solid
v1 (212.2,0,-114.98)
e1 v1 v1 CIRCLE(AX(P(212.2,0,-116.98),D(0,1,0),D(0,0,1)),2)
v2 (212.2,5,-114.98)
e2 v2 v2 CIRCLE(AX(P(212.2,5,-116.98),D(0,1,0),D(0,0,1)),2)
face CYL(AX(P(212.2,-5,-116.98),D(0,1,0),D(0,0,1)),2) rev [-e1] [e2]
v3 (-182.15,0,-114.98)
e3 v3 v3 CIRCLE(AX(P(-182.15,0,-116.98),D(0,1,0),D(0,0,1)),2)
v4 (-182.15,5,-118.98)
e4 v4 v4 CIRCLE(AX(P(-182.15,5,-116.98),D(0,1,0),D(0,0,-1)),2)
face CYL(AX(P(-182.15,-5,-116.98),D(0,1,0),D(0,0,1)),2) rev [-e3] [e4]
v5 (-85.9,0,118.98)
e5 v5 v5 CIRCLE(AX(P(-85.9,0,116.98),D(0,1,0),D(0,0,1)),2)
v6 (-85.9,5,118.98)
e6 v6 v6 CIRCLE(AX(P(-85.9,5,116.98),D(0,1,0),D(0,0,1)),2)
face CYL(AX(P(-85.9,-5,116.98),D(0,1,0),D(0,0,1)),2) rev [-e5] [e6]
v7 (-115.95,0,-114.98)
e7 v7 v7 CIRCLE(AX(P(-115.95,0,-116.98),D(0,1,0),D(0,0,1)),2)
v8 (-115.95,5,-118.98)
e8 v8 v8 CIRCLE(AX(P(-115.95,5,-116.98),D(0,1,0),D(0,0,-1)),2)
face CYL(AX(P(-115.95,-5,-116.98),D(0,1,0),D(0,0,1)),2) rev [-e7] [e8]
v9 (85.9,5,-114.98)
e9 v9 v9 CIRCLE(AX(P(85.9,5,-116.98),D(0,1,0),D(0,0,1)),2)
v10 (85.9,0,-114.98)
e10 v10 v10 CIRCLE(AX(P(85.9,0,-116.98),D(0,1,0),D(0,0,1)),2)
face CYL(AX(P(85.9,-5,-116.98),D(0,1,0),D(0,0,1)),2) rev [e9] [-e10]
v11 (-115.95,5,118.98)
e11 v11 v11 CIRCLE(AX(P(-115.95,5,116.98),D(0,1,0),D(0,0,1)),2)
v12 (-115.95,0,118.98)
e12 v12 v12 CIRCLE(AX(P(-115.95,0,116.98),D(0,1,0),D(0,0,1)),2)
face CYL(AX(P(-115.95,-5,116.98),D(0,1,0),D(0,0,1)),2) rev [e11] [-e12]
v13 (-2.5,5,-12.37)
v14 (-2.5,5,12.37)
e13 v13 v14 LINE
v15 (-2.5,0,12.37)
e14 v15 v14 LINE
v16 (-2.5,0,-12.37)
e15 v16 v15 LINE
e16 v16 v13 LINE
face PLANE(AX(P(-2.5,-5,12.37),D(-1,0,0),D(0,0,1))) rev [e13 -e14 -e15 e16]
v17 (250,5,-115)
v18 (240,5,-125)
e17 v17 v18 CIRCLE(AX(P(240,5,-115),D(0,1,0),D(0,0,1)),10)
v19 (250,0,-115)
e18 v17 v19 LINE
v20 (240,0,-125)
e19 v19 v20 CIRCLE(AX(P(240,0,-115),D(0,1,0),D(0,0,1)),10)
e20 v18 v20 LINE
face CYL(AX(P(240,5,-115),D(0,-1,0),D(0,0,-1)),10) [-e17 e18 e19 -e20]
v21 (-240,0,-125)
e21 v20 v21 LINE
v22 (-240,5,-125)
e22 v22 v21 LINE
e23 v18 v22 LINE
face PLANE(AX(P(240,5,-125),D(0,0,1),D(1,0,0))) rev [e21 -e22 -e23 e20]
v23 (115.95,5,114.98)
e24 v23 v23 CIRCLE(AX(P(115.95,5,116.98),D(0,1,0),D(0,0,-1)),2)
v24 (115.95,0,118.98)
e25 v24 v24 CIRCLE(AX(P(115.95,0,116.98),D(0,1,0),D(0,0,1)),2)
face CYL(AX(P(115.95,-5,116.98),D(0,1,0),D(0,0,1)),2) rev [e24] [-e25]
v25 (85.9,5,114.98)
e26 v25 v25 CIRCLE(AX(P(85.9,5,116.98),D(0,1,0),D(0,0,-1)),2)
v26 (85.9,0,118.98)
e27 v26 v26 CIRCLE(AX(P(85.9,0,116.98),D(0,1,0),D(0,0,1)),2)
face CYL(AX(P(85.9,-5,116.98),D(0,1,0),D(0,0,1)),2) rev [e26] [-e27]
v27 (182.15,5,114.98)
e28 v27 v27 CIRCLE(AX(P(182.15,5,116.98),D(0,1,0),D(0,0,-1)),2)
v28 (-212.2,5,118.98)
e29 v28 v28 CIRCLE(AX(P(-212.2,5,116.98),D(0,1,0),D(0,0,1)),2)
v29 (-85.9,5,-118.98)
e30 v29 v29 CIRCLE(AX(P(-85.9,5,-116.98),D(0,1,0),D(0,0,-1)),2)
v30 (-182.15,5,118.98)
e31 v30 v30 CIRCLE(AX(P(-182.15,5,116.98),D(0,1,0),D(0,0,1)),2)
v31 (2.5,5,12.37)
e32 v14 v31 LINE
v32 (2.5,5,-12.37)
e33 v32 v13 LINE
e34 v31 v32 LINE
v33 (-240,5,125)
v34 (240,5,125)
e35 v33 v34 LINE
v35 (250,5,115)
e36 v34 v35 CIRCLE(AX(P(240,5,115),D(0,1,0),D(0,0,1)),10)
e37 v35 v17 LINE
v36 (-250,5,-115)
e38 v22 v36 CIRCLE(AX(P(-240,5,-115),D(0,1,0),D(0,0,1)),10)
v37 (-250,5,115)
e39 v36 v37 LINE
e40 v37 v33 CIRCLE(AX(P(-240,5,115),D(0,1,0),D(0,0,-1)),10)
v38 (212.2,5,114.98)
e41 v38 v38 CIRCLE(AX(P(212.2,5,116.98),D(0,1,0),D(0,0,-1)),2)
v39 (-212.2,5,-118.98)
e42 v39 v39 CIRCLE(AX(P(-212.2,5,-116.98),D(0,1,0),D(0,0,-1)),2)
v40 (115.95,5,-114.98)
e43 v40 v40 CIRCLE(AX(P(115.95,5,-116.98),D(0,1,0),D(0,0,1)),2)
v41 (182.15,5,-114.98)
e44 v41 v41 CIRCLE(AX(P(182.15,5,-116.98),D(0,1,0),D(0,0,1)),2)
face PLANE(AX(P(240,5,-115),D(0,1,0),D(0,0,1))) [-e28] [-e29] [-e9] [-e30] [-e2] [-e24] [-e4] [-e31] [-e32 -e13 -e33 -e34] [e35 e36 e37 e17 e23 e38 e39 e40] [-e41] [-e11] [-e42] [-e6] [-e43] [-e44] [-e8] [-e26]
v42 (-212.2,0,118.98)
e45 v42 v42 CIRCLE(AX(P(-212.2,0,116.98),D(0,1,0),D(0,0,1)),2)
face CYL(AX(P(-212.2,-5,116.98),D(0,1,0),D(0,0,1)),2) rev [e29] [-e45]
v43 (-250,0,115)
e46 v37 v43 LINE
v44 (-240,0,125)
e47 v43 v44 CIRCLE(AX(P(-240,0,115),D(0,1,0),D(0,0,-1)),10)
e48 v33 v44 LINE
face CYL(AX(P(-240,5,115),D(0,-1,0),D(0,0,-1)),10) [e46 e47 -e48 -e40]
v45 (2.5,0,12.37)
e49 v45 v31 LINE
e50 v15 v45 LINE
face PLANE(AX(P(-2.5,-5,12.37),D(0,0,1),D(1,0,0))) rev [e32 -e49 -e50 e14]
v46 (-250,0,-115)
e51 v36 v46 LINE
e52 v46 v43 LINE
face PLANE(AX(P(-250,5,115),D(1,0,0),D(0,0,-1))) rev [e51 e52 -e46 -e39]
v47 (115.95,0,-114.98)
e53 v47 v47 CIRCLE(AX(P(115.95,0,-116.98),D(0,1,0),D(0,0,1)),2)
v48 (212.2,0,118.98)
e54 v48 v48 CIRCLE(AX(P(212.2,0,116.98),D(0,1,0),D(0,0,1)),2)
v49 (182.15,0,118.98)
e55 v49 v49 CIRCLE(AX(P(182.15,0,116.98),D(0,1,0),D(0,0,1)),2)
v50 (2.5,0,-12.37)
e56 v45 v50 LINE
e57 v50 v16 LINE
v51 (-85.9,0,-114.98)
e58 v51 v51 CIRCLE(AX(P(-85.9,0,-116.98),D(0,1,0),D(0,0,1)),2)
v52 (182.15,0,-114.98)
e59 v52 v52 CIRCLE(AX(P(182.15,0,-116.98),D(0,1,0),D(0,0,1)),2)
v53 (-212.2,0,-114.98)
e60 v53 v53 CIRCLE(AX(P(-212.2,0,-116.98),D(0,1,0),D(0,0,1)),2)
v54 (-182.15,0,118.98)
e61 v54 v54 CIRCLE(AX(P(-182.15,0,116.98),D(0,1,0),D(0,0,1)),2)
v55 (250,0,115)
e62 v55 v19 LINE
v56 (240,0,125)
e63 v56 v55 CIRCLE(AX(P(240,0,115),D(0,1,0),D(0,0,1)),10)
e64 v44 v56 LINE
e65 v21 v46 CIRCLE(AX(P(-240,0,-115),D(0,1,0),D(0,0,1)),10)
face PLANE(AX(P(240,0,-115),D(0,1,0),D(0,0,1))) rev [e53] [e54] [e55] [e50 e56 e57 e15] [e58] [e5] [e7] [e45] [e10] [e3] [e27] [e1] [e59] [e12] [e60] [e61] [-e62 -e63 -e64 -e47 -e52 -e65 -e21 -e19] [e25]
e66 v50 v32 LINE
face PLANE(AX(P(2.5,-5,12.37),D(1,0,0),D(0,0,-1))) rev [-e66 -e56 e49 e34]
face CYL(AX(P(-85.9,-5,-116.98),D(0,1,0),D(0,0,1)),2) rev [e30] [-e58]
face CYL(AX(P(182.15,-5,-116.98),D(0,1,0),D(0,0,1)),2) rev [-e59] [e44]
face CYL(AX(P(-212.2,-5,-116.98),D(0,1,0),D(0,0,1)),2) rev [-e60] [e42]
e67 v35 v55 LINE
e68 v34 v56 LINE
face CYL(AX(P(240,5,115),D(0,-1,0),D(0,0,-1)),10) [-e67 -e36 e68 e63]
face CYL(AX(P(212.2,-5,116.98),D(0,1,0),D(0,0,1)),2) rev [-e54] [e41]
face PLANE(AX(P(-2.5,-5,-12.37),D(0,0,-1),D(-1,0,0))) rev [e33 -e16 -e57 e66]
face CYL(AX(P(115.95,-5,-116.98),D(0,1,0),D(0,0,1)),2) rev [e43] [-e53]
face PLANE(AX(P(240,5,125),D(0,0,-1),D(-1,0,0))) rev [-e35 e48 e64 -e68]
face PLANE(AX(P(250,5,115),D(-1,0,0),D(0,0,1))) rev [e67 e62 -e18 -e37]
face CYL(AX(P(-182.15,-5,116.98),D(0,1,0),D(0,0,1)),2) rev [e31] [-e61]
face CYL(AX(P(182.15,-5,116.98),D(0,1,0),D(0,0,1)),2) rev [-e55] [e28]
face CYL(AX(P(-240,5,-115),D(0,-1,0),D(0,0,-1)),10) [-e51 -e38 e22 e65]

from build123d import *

# Parameters (mm, degrees)
SALIENTE_EXTRUIR1_DEPTH = 5
CROQUIS2_R              = 2
CORTAR_EXTRUIR1_DEPTH   = 10
CROQUIS3_W              = 5
CROQUIS3_H              = 24.74
CORTAR_EXTRUIR2_DEPTH   = 10


with BuildPart() as part:
    # Croquis1 → Saliente-Extruir1 (new body)
    with BuildSketch(Plane(origin=(0, 0, 0), x_dir=(1, 0, 0), z_dir=(0, 1, 0))):
        with BuildLine():
            Line((240, -125), (-240, -125))
            ThreePointArc((-240, -125), (-247.071067812, -122.071067812), (-250, -115))
            Line((-250, -115), (-250, 115))
            ThreePointArc((-250, 115), (-247.071067812, 122.071067812), (-240, 125))
            Line((-240, 125), (240, 125))
            ThreePointArc((240, 125), (247.071067812, 122.071067812), (250, 115))
            Line((250, 115), (250, -115))
            ThreePointArc((250, -115), (247.071067812, -122.071067812), (240, -125))
        make_face()
    extrude(amount=SALIENTE_EXTRUIR1_DEPTH)

    # Croquis2 → Cortar-Extruir1 (cut)
    with BuildSketch(Plane(origin=(0, 5, 0), x_dir=(1, 0, 0), z_dir=(0, 1, 0))):
        with Locations(Location((-212.2, -116.98, 0), (0, 0, 270))):
            Circle(CROQUIS2_R)
        with Locations(Location((-182.15, -116.98, 0), (0, 0, 270))):
            Circle(CROQUIS2_R)
        with Locations(Location((-85.9, -116.98, 0), (0, 0, 270))):
            Circle(CROQUIS2_R)
        with Locations(Location((-115.95, -116.98, 0), (0, 0, 270))):
            Circle(CROQUIS2_R)
        with Locations(Location((212.2, -116.98, 0), (0, 0, 270))):
            Circle(CROQUIS2_R)
        with Locations(Location((182.15, -116.98, 0), (0, 0, 270))):
            Circle(CROQUIS2_R)
        with Locations(Location((115.95, -116.98, 0), (0, 0, 270))):
            Circle(CROQUIS2_R)
        with Locations(Location((85.9, -116.98, 0), (0, 0, 270))):
            Circle(CROQUIS2_R)
        with Locations(Location((212.2, 116.98, 0), (0, 0, 270))):
            Circle(CROQUIS2_R)
        with Locations(Location((182.15, 116.98, 0), (0, 0, 270))):
            Circle(CROQUIS2_R)
        with Locations(Location((115.95, 116.98, 0), (0, 0, 270))):
            Circle(CROQUIS2_R)
        with Locations(Location((85.9, 116.98, 0), (0, 0, 270))):
            Circle(CROQUIS2_R)
        with Locations(Location((-182.15, 116.98, 0), (0, 0, 270))):
            Circle(CROQUIS2_R)
        with Locations(Location((-212.2, 116.98, 0), (0, 0, 270))):
            Circle(CROQUIS2_R)
        with Locations(Location((-85.9, 116.98, 0), (0, 0, 270))):
            Circle(CROQUIS2_R)
        with Locations(Location((-115.95, 116.98, 0), (0, 0, 270))):
            Circle(CROQUIS2_R)
    extrude(amount=-CORTAR_EXTRUIR1_DEPTH, mode=Mode.SUBTRACT)

    # Croquis3 → Cortar-Extruir2 (cut)
    with BuildSketch(Plane(origin=(0, 5, 0), x_dir=(1, 0, 0), z_dir=(0, 1, 0))):
        Rectangle(CROQUIS3_W, CROQUIS3_H)
    extrude(amount=-CORTAR_EXTRUIR2_DEPTH, mode=Mode.SUBTRACT)


solid = part.part
